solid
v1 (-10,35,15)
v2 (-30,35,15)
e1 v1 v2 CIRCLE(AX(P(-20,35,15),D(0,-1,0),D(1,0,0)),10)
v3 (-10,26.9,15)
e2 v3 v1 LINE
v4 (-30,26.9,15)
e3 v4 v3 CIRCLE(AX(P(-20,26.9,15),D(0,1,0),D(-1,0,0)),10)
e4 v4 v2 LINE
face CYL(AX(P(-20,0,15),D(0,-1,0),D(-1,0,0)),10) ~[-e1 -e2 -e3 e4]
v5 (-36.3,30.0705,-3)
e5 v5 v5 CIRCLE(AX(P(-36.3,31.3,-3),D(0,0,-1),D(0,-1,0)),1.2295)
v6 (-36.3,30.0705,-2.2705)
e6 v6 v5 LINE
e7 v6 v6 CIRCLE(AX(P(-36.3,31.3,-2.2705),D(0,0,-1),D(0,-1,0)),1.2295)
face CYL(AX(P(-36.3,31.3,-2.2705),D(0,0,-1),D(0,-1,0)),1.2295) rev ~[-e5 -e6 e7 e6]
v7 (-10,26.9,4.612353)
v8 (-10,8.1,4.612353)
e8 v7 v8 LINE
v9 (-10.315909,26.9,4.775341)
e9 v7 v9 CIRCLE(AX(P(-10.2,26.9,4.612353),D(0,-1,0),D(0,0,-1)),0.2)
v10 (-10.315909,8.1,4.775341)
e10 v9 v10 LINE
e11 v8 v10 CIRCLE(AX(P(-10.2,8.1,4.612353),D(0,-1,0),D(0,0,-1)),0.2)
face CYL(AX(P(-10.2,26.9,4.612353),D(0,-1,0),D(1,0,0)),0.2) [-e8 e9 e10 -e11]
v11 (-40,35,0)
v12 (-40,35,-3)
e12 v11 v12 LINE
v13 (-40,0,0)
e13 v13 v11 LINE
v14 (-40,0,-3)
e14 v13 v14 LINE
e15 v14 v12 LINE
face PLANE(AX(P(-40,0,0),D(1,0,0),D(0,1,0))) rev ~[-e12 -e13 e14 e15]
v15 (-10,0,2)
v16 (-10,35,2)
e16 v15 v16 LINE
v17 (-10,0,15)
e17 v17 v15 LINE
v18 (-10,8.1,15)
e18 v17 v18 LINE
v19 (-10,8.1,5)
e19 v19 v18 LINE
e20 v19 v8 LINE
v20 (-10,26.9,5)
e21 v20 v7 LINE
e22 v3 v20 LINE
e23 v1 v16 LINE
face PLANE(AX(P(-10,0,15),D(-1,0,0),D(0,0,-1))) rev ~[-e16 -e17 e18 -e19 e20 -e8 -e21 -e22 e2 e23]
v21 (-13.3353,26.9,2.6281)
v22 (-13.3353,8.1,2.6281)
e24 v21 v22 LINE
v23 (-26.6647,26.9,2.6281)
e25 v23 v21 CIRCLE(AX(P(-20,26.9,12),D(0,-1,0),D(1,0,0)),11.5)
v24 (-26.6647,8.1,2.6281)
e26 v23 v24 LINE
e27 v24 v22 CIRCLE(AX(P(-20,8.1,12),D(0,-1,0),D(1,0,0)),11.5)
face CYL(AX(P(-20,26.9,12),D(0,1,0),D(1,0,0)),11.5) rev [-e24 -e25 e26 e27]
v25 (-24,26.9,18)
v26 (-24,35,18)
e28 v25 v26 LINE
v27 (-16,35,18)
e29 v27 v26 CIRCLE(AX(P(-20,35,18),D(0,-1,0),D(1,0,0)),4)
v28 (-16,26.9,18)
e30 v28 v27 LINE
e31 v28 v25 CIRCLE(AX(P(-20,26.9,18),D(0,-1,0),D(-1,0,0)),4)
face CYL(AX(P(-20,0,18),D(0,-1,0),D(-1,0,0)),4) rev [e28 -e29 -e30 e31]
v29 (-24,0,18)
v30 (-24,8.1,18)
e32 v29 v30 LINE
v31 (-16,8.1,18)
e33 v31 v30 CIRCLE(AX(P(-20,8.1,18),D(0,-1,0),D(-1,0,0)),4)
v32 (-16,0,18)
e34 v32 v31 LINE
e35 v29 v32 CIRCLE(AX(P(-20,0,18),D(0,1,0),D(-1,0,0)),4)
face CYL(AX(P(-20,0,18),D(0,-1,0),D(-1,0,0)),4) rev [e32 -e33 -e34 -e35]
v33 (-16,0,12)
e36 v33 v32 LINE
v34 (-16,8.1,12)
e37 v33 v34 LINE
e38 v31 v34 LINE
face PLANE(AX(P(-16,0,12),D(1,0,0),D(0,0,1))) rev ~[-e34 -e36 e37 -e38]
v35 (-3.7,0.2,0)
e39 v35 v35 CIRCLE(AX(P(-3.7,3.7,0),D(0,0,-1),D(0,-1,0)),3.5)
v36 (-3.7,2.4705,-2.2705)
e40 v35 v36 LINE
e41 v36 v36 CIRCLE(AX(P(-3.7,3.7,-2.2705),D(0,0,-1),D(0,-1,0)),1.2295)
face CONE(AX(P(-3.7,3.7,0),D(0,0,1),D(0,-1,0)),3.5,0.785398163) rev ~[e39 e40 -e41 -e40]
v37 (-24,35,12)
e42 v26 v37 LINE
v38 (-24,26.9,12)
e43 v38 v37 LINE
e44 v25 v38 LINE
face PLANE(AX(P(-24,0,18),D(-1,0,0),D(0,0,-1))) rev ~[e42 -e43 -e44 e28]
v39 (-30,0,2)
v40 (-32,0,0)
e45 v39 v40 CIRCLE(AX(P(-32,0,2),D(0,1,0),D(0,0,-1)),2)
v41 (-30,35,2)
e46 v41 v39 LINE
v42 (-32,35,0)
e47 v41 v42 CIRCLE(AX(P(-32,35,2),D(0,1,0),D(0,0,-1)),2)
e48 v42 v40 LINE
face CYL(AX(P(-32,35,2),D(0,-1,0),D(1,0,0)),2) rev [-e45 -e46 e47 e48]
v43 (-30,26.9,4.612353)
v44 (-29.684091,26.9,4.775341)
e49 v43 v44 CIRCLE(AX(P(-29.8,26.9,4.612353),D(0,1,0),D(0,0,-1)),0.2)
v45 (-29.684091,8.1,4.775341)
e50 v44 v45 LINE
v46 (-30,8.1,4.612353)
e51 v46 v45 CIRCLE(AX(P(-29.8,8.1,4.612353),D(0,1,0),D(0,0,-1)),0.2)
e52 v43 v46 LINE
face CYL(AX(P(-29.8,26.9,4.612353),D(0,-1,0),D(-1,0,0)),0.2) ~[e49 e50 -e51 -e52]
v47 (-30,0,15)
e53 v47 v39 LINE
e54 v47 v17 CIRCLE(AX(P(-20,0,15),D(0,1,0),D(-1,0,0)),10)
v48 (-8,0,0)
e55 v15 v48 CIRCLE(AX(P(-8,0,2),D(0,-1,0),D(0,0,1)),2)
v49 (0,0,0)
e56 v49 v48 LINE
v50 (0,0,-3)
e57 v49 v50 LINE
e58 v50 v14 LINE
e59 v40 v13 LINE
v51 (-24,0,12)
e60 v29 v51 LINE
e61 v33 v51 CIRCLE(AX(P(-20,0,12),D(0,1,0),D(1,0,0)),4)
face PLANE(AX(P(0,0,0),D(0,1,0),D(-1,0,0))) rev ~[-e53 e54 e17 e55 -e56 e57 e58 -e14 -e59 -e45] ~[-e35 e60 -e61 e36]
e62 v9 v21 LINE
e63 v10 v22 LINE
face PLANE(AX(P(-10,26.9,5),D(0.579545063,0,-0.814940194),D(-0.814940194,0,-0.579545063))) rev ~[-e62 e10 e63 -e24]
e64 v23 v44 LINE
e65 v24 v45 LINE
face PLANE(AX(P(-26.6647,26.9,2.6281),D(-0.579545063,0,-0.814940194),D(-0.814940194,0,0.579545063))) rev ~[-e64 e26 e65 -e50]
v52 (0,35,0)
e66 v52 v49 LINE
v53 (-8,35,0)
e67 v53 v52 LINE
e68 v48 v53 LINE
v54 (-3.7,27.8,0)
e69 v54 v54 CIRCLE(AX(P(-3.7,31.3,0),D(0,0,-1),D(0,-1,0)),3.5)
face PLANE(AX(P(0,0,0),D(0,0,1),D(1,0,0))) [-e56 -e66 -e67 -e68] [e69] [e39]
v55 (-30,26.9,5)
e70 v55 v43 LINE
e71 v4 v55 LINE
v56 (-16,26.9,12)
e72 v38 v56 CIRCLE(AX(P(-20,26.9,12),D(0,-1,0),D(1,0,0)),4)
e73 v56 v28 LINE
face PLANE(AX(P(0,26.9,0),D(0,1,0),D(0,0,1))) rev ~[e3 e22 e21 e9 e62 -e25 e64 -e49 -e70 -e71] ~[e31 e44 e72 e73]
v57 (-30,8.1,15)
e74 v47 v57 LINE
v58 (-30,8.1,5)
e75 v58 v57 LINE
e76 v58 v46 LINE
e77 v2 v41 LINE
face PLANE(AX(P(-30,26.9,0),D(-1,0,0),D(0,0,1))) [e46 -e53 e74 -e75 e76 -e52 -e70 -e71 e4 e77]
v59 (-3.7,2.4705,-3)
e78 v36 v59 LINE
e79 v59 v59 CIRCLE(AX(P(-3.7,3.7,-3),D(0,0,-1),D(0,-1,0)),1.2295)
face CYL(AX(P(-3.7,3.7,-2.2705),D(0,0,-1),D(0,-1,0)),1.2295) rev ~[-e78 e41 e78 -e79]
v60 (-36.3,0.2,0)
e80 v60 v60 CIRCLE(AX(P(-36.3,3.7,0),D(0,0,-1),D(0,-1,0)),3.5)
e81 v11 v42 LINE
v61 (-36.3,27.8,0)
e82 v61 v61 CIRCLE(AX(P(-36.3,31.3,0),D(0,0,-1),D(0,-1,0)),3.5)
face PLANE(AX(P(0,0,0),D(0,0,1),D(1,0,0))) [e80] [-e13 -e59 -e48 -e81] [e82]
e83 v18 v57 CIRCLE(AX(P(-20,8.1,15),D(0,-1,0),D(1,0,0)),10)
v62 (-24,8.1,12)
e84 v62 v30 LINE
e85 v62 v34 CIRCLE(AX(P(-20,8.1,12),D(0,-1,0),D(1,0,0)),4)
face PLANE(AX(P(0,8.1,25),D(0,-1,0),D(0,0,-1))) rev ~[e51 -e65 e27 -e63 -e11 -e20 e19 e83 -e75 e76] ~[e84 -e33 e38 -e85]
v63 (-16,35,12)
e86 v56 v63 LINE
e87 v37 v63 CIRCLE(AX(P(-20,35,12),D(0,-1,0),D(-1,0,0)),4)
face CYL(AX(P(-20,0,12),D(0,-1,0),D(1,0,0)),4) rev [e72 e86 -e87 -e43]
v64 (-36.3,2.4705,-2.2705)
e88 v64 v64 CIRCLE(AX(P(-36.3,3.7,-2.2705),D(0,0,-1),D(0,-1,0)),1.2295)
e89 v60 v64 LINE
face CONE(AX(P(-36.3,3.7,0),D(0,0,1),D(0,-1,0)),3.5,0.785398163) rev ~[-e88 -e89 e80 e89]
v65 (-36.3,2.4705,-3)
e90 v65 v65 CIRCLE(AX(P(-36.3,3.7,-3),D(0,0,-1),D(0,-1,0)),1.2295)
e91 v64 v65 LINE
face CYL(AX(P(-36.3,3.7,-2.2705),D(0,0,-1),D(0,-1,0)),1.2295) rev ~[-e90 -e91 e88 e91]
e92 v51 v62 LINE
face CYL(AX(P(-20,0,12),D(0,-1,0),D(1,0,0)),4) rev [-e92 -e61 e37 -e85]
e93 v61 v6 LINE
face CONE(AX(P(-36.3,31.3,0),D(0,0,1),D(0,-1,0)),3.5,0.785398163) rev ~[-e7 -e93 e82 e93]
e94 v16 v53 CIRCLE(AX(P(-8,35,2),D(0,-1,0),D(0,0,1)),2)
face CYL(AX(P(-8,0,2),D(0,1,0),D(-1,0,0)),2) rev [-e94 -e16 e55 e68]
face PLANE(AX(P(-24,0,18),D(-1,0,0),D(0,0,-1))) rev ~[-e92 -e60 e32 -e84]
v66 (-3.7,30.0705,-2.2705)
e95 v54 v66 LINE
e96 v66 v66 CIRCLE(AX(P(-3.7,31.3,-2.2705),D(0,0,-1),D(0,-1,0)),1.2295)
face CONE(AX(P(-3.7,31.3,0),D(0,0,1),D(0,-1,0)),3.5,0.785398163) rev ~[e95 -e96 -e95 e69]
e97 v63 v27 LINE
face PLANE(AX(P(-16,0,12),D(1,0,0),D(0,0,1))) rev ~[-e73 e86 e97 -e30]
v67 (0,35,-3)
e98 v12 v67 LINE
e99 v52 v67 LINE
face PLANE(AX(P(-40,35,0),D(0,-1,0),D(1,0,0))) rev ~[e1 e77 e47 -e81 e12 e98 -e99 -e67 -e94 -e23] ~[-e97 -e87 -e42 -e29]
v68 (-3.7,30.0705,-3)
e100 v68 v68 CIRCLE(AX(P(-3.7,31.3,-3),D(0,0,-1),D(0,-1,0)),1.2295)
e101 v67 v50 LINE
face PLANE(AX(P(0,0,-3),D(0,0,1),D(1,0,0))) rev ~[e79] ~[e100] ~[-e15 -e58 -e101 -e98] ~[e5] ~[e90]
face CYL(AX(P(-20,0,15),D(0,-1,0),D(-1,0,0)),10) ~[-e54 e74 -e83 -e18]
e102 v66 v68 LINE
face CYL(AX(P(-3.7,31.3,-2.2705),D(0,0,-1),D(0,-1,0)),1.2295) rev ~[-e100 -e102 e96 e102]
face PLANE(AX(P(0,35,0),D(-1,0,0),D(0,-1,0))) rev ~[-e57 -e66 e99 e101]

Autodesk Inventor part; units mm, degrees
ref_plane "YZ Plane" through (0, 0, 0) normal (1, 0, 0) x (0, 1, 0)
ref_plane "XZ Plane" through (0, 0, 0) normal (0, 1, 0) x (-1, 0, 0)
ref_plane "XY Plane" through (0, 0, 0) normal (0, 0, 1) x (1, 0, 0)
sketch "Skizze3" plane through (0, 0, 0) normal (0, 0, 1) x (1, 0, 0)
  line L0 (0, 0) -> (-40, 0)
  line L1 (-40, 0) -> (-40, 35)
  line L2 (-40, 35) -> (0, 35)
  line L3 (0, 35) -> (0, 0)
  point P0 (-3.7, 3.7)
  dimension "d4" = 35
  dimension "d5" = 40
  dimension "d6" = 3.7
  dimension "d7" = 3.7
sketch "Skizze4" plane through (0, 0, 0) normal (0, 1, 0) x (-1, 0, 0)
  line L0 (0, 0) -> (40, 0) projected
  line L1 (20, 0) -> (20, 25)
  line L2 (20, 18) -> (20, 12) construction
  line L3 (24, 18) -> (24, 12)
  line L4 (16, 12) -> (16, 18)
  arc A0 (24, 18) -> (16, 18) centre (20, 18) ccw
  arc A1 (16, 12) -> (24, 12) centre (20, 12) ccw
  circle A2 centre (20, 15) radius 10
  line L5 (30, 15) -> (30, 0)
  line L6 (10, 15) -> (10, 0)
  dimension "d9" = 10
  dimension "d10" = 8
  dimension "d11" = 6
  dimension "d12" = 10
  dimension "d13" = 10
  dimension "d46" = 12
extrude "Extrusion3" add sketch "Skizze4" along normal blind 35 contours L6 A2 L1 L0 | L1 A2 L5 L0 | A2 L1 A0 L4 A1 | L1 A1 L3 A0 A2
extrude "Extrusion4" add sketch "Skizze3" against normal blind 3
hole "Bohrung1" at (-3.7, 3.7, 0) direction (0, 0, -1) diameter 2.459 depth 8.8 countersink diameter 7 countersink angle 90
sketch "Skizze5" plane through (0, 0, 0) normal (1, 0, 0) x (0, 0, -1)
  line L0 (-25, 0) -> (-25, 35) projected
  line L1 (-25, 8.1) -> (0, 8.1)
  line L2 (0, 8.1) -> (0, 26.9)
  line L3 (0, 26.9) -> (-25, 26.9)
  line L4 (-25, 26.9) -> (-25, 8.1)
  line L5 (0, 0) -> (0, 35) projected
  point P0 (-25, 17.5)
  point P1 (-25, 26.9)
  point P2 (0, 17.5)
  point P3 (0, 17.5)
  dimension "d25" = 18.8
extrude "Extrusion5" cut sketch "Skizze5" against normal through all
pattern_linear "Rechteckige Anordnung1" count 2 spacing 32.6 along (-1, 0, 0) count 2 spacing 27.6 along (0, 1, 0) of "Bohrung1"
sketch "Skizze6" plane through (-20, 26.9, 15) normal (0, -1, 0) x (1, 0, 0)
  line L0 (-10, -15) -> (-10, 0) projected
  line L1 (10, 0) -> (10, -15) projected
  line L2 (10, -15) -> (-10, -15) projected
  arc A0 (-4, -3) -> (4, -3) centre (0, -3) ccw projected
  arc A1 (10, 0) -> (-10, 0) centre (0, 0) ccw projected
  line L3 (10, 0) -> (10, -15) projected
  line L4 (-10, -15) -> (-10, 0) projected
  circle A2 centre (0, -3) radius 11.5
  line L5 (-6.6647, -12.3719) -> (-10, -10)
  line L6 (10, 0) -> (10, -15) projected
  line L7 (10, -10) -> (6.6647, -12.3719)
  point P0 (20, -15)
  point P1 (-10, -10)
  dimension "d47" = 23
  dimension "d48" = 5
  dimension "d49" = 5
extrude "Extrusion6" add sketch "Skizze6" along normal up to surface (18.8 mm away) contours L0 L5 A2 L7 L1 L2
fillet "Rundung4" radius 2 2 edges at (-10, 17.5, 0) (-30, 17.5, 0)
fillet "Rundung5" radius 0.2 2 edges at (-30, 17.5, 5) (-10, 17.5, 5)
equation "\"d7\" = d6"
equation "\"d13\" = d12"
equation "\"d14\" = d4"
equation "\"d31\" = d5 - 2 * d6"
equation "\"d34\" = d4 - 2 * d7"
properties part number "BT101_trajan20_21" material "Kunststoff, undurchsichtig Schwarz"
